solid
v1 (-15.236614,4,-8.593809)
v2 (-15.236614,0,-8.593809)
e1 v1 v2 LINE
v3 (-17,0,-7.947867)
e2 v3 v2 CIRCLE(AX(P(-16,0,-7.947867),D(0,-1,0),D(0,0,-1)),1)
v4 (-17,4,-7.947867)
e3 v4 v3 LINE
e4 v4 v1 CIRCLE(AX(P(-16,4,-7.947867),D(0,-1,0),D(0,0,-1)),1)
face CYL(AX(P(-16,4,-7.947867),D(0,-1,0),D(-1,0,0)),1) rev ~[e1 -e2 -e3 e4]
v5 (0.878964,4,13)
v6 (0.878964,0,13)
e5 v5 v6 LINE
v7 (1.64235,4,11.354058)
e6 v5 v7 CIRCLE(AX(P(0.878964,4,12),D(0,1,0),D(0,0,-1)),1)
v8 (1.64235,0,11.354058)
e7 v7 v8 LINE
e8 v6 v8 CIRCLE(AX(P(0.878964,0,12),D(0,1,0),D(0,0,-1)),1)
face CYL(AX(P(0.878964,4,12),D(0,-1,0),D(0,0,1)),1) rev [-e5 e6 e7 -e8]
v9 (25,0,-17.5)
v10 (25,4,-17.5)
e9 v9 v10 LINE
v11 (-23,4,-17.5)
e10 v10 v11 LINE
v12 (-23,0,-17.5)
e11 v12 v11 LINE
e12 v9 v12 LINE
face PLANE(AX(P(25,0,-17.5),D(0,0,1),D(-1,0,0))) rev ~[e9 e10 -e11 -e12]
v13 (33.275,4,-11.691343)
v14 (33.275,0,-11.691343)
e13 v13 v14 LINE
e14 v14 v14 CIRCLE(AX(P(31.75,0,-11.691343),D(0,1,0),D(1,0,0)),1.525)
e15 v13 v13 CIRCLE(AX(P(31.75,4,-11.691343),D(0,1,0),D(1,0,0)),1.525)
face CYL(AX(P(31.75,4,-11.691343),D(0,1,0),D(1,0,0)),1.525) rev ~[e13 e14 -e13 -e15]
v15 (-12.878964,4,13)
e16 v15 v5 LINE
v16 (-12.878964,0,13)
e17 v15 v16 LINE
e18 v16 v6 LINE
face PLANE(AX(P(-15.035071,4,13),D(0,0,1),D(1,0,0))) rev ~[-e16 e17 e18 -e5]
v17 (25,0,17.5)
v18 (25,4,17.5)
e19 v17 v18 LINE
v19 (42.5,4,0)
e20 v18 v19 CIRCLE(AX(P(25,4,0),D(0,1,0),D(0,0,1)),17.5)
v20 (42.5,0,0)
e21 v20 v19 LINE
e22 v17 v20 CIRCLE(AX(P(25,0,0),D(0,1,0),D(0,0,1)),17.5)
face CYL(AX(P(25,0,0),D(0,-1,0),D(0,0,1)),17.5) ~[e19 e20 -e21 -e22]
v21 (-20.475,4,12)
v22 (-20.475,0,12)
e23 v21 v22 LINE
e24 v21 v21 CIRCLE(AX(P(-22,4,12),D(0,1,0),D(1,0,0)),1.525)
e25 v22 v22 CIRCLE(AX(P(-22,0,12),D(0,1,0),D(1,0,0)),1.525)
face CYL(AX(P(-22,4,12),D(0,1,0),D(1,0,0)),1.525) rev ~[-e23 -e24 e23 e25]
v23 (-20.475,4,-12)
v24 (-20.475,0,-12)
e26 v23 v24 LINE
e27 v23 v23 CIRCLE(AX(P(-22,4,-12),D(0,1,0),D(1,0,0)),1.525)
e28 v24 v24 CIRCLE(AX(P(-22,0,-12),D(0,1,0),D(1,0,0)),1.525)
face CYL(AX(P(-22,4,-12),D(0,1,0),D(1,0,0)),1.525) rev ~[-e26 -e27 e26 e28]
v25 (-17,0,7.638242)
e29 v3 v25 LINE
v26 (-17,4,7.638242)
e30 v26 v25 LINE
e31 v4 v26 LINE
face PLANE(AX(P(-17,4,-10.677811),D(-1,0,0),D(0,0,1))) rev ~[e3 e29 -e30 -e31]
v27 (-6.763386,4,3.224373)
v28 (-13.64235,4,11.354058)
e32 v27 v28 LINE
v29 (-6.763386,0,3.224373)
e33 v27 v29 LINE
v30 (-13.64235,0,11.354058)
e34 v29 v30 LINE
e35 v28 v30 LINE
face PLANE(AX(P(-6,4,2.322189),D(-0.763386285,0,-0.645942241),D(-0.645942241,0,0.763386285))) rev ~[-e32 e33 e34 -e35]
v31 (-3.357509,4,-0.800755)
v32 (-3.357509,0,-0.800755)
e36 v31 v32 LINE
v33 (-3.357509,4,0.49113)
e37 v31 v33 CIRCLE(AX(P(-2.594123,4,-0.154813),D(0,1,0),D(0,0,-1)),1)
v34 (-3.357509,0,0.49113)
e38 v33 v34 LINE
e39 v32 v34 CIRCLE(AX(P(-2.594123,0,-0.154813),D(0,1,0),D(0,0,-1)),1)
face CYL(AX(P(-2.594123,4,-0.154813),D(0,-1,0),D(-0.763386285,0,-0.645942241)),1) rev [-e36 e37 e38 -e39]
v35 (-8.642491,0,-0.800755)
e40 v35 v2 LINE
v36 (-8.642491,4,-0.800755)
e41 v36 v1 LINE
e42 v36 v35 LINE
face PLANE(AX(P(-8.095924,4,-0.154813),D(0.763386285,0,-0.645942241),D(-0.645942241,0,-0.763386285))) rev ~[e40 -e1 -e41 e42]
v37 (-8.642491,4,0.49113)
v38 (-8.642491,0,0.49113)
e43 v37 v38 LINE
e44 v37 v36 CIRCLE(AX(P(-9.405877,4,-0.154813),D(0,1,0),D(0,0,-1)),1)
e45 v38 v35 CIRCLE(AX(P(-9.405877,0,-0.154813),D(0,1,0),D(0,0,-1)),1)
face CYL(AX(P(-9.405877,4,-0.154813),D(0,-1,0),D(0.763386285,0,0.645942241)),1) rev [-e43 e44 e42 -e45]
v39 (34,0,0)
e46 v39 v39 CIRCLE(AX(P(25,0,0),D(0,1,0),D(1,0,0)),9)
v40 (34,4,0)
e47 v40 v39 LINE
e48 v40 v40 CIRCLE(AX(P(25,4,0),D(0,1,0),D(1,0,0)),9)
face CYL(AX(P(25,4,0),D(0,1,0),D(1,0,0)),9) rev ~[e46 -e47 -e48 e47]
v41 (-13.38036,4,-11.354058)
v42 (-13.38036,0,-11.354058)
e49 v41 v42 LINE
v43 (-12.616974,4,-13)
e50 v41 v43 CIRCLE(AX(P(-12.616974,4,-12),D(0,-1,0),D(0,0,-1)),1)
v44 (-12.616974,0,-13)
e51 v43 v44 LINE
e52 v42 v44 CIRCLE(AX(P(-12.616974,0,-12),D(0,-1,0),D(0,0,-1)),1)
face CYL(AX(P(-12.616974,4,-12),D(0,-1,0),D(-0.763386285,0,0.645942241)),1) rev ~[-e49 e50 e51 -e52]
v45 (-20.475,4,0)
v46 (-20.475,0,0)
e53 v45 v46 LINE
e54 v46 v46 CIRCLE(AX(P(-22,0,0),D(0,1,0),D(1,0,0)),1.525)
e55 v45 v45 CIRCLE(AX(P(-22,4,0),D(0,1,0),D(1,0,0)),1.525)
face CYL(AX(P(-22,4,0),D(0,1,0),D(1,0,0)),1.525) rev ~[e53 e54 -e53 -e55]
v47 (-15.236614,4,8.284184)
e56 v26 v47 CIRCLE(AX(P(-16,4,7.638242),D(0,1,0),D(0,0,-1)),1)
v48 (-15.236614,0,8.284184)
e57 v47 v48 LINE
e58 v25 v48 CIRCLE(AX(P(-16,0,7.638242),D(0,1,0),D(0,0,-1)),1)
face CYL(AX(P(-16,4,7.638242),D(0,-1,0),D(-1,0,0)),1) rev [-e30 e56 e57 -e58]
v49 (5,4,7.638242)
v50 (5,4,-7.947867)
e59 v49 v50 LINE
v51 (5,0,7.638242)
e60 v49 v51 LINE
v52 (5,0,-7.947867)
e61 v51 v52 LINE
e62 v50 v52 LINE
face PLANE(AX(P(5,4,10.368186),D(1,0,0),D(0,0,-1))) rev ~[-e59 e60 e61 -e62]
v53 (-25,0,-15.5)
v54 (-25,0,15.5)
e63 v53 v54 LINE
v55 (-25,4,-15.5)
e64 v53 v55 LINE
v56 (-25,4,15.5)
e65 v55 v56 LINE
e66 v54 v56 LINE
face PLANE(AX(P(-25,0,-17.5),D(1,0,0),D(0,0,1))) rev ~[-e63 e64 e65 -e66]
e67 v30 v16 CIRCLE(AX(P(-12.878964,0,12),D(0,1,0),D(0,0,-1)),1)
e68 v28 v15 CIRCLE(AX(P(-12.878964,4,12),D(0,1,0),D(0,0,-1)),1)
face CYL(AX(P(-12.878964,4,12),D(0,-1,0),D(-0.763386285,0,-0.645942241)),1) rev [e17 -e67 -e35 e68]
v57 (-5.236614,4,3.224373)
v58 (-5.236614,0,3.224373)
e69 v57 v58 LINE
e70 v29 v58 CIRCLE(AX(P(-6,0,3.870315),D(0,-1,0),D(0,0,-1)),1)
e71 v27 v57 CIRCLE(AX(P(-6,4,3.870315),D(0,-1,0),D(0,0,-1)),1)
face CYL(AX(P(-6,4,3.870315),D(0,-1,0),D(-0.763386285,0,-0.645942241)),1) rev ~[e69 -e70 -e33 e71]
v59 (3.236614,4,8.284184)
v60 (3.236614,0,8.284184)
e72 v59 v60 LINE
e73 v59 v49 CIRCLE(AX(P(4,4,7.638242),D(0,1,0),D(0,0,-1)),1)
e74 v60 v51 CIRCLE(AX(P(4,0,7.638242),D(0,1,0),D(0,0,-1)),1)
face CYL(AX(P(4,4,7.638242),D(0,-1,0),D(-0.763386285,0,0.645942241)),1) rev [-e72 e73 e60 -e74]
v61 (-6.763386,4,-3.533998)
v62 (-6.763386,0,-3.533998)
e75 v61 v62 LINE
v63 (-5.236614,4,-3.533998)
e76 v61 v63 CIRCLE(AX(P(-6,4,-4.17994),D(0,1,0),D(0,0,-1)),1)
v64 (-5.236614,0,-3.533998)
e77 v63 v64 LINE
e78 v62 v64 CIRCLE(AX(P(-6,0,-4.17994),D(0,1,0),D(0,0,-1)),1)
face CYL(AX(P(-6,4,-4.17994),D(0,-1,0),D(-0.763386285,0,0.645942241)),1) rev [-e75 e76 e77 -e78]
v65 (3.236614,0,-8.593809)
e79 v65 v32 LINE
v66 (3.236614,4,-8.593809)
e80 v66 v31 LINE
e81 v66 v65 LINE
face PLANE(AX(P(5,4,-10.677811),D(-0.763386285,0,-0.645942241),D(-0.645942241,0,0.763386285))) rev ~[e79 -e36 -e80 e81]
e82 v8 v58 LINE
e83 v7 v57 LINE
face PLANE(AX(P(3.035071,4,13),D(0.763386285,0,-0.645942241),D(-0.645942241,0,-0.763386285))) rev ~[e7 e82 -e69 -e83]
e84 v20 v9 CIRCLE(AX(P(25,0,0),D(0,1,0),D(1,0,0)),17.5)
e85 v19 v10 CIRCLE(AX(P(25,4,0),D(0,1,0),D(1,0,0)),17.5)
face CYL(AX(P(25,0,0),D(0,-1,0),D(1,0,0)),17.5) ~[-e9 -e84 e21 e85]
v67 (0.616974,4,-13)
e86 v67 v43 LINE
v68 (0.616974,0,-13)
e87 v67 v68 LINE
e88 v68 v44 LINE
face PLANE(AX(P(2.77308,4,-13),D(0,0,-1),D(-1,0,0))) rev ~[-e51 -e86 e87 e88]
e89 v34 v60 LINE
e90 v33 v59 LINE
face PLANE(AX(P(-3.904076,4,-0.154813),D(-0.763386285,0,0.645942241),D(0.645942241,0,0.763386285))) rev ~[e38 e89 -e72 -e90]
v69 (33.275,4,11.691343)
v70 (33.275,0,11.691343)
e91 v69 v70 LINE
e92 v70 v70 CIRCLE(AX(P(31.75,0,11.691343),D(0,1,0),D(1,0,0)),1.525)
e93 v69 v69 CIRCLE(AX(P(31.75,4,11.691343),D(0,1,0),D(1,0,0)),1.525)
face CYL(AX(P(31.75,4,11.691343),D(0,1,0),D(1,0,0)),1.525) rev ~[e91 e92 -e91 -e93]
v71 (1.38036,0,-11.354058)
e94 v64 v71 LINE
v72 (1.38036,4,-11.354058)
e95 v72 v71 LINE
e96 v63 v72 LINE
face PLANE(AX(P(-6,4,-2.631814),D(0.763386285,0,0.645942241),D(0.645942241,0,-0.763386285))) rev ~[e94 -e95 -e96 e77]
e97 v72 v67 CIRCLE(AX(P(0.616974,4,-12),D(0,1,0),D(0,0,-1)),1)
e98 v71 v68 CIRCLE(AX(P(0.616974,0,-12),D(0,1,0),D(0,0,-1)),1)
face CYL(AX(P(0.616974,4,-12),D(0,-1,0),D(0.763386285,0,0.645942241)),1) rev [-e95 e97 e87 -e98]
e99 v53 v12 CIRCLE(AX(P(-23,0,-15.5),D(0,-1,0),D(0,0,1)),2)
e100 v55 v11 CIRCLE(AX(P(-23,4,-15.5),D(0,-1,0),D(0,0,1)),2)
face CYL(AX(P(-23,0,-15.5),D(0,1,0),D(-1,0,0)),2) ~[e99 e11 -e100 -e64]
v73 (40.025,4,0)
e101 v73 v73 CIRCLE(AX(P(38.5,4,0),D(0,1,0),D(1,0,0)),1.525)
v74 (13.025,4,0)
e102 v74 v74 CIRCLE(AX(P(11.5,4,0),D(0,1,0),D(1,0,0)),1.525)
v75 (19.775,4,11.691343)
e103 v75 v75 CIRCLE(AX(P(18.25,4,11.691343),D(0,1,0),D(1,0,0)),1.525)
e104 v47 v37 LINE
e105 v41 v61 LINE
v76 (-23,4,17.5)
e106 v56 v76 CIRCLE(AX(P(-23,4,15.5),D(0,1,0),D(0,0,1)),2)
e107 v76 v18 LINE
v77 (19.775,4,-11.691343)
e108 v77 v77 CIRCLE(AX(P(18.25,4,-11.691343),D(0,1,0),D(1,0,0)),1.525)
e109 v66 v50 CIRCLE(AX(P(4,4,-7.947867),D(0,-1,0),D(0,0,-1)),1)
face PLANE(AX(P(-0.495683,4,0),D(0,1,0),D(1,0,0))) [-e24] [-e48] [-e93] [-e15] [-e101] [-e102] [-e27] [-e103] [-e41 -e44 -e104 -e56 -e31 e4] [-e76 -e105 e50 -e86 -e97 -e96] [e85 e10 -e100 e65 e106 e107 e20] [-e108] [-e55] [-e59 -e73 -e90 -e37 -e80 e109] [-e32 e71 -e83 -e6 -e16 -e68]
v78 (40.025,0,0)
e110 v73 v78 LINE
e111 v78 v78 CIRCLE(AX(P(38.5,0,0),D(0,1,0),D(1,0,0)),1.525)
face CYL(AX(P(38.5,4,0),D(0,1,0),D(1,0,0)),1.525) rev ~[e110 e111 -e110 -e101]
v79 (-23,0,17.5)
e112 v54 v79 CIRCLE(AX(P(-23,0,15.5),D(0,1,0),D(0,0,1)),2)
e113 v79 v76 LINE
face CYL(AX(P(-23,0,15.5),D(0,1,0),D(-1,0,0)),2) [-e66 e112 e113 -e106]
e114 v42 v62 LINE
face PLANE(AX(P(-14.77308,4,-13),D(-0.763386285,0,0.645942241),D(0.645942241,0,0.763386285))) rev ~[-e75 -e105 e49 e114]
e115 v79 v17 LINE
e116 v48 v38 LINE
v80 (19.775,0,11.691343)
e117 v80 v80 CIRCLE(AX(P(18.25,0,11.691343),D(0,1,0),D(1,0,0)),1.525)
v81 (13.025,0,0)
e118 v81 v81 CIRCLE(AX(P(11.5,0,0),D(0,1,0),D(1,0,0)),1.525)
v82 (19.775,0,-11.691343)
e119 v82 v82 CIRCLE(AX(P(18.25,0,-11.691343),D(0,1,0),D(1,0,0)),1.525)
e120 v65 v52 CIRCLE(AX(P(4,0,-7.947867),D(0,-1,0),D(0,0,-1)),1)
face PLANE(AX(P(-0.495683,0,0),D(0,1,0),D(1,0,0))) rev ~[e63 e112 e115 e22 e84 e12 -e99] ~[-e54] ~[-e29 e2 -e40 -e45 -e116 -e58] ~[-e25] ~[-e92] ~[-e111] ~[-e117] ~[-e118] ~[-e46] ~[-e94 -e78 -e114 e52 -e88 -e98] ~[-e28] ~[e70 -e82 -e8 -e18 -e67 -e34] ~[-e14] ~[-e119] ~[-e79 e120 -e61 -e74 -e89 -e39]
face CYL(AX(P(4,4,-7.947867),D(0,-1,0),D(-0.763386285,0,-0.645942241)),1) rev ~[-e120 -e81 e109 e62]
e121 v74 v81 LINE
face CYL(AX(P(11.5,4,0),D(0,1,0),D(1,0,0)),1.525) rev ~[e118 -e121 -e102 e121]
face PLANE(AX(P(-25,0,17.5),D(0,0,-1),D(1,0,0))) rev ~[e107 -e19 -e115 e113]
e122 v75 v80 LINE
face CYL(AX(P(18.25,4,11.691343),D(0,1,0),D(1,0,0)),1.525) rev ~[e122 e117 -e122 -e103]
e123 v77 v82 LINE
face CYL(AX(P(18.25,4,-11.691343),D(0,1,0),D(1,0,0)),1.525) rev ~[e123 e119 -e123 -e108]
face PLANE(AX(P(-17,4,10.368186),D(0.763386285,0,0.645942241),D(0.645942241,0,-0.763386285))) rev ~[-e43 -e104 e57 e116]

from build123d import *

# Parameters (mm, degrees)
EXTRUDE_1_DEPTH     = 4
SKETCH_3_R          = 1.525
CUT_EXTRUDE_2_DEPTH = 5
SKETCH_4_R          = 9
CUT_EXTRUDE_3_DEPTH = 5
CUT_EXTRUDE_4_DEPTH = 5
FILLET_1_R          = 1
FILLET_2_R          = 2
SKETCH_7_R          = 1.525
CUT_EXTRUDE_5_DEPTH = 5


with BuildPart() as part:
    # 草图1 → 凸台-拉伸1 (new body)
    with BuildSketch(Plane(origin=(0, 0, 0), x_dir=(1, 0, 0), z_dir=(0, 1, 0))):
        with BuildLine():
            Line((-25, 17.5), (-25, -17.5))
            Line((-25, -17.5), (25, -17.5))
            ThreePointArc((25, -17.5), (7.5, 0), (25, 17.5))
            Line((25, 17.5), (-25, 17.5))
        make_face()
        with BuildLine():
            ThreePointArc((25, 17.5), (7.5, 0), (25, -17.5))
            Line((25, -17.5), (25, 17.5))
        make_face()
        with BuildLine():
            Line((25, 17.5), (25, -17.5))
            ThreePointArc((25, -17.5), (37.374368671, -12.374368671), (42.5, 0))
            ThreePointArc((42.5, 0), (37.374368671, 12.374368671), (25, 17.5))
        make_face()
    extrude(amount=EXTRUDE_1_DEPTH)

    # 草图3 → 切除-拉伸2 (cut, through all)
    with BuildSketch(Plane(origin=(0, 4, 0), x_dir=(1, 0, 0), z_dir=(0, 1, 0))):
        with Locations((38.5, 0)):
            Circle(SKETCH_3_R)
        with Locations((31.75, -11.691342951)):
            Circle(SKETCH_3_R)
        with Locations((18.25, -11.691342951)):
            Circle(SKETCH_3_R)
        with Locations((11.5, 0)):
            Circle(SKETCH_3_R)
        with Locations((18.25, 11.691342951)):
            Circle(SKETCH_3_R)
        with Locations((31.75, 11.691342951)):
            Circle(SKETCH_3_R)
    extrude(amount=-CUT_EXTRUDE_2_DEPTH, mode=Mode.SUBTRACT)

    # 草图4 → 切除-拉伸3 (cut, through all)
    with BuildSketch(Plane(origin=(0, 4, 0), x_dir=(1, 0, 0), z_dir=(0, 1, 0))):
        with Locations((25, 0)):
            Circle(SKETCH_4_R)
    extrude(amount=-CUT_EXTRUDE_3_DEPTH, mode=Mode.SUBTRACT)

    # 草图5 → 切除-拉伸4 (cut, through all)
    with BuildSketch(Plane(origin=(0, 4, 0), x_dir=(1, 0, 0), z_dir=(0, 1, 0))):
        Polygon((-14.773080244, 13), (-6, 2.631814257), (2.773080244, 13), align=None)
        Polygon((5, 10.67781095), (-3.904075524, 0.154812603), (5, -10.368185743), align=None)
        Polygon((-6, -2.32218905), (-15.035070804, -13), (3.035070804, -13), align=None)
        Polygon((-17, 10.67781095), (-17, -10.368185743), (-8.095924476, 0.154812603), align=None)
    extrude(amount=-CUT_EXTRUDE_4_DEPTH, mode=Mode.SUBTRACT)

    # 圆角1
    fillet_1_edges = [part.edges().sort_by_distance(p)[0] for p in [
        (-15.035070804, 2, 13),
        (-6, 2, 2.32218905),
        (3.035070804, 2, 13),
        (-3.904075524, 2, -0.154812603),
        (5, 2, -10.67781095),
        (5, 2, 10.368185743),
        (-17, 2, 10.368185743),
        (-17, 2, -10.67781095),
        (-8.095924476, 2, -0.154812603),
        (-6, 2, -2.631814257),
        (-14.773080244, 2, -13),
        (2.773080244, 2, -13),
    ]]
    fillet(fillet_1_edges, radius=FILLET_1_R)

    # 圆角2
    fillet_2_edges = [part.edges().sort_by_distance(p)[0] for p in [
        (-25, 2, 17.5),
        (-25, 2, -17.5),
    ]]
    fillet(fillet_2_edges, radius=FILLET_2_R)

    # 草图7 → 切除-拉伸5 (cut, through all)
    with BuildSketch(Plane(origin=(0, 4, 0), x_dir=(1, 0, 0), z_dir=(0, 1, 0))):
        with Locations((-22, 0)):
            Circle(SKETCH_7_R)
        with Locations((-22, 12)):
            Circle(SKETCH_7_R)
        with Locations((-22, -12)):
            Circle(SKETCH_7_R)
    extrude(amount=-CUT_EXTRUDE_5_DEPTH, mode=Mode.SUBTRACT)


solid = part.part
